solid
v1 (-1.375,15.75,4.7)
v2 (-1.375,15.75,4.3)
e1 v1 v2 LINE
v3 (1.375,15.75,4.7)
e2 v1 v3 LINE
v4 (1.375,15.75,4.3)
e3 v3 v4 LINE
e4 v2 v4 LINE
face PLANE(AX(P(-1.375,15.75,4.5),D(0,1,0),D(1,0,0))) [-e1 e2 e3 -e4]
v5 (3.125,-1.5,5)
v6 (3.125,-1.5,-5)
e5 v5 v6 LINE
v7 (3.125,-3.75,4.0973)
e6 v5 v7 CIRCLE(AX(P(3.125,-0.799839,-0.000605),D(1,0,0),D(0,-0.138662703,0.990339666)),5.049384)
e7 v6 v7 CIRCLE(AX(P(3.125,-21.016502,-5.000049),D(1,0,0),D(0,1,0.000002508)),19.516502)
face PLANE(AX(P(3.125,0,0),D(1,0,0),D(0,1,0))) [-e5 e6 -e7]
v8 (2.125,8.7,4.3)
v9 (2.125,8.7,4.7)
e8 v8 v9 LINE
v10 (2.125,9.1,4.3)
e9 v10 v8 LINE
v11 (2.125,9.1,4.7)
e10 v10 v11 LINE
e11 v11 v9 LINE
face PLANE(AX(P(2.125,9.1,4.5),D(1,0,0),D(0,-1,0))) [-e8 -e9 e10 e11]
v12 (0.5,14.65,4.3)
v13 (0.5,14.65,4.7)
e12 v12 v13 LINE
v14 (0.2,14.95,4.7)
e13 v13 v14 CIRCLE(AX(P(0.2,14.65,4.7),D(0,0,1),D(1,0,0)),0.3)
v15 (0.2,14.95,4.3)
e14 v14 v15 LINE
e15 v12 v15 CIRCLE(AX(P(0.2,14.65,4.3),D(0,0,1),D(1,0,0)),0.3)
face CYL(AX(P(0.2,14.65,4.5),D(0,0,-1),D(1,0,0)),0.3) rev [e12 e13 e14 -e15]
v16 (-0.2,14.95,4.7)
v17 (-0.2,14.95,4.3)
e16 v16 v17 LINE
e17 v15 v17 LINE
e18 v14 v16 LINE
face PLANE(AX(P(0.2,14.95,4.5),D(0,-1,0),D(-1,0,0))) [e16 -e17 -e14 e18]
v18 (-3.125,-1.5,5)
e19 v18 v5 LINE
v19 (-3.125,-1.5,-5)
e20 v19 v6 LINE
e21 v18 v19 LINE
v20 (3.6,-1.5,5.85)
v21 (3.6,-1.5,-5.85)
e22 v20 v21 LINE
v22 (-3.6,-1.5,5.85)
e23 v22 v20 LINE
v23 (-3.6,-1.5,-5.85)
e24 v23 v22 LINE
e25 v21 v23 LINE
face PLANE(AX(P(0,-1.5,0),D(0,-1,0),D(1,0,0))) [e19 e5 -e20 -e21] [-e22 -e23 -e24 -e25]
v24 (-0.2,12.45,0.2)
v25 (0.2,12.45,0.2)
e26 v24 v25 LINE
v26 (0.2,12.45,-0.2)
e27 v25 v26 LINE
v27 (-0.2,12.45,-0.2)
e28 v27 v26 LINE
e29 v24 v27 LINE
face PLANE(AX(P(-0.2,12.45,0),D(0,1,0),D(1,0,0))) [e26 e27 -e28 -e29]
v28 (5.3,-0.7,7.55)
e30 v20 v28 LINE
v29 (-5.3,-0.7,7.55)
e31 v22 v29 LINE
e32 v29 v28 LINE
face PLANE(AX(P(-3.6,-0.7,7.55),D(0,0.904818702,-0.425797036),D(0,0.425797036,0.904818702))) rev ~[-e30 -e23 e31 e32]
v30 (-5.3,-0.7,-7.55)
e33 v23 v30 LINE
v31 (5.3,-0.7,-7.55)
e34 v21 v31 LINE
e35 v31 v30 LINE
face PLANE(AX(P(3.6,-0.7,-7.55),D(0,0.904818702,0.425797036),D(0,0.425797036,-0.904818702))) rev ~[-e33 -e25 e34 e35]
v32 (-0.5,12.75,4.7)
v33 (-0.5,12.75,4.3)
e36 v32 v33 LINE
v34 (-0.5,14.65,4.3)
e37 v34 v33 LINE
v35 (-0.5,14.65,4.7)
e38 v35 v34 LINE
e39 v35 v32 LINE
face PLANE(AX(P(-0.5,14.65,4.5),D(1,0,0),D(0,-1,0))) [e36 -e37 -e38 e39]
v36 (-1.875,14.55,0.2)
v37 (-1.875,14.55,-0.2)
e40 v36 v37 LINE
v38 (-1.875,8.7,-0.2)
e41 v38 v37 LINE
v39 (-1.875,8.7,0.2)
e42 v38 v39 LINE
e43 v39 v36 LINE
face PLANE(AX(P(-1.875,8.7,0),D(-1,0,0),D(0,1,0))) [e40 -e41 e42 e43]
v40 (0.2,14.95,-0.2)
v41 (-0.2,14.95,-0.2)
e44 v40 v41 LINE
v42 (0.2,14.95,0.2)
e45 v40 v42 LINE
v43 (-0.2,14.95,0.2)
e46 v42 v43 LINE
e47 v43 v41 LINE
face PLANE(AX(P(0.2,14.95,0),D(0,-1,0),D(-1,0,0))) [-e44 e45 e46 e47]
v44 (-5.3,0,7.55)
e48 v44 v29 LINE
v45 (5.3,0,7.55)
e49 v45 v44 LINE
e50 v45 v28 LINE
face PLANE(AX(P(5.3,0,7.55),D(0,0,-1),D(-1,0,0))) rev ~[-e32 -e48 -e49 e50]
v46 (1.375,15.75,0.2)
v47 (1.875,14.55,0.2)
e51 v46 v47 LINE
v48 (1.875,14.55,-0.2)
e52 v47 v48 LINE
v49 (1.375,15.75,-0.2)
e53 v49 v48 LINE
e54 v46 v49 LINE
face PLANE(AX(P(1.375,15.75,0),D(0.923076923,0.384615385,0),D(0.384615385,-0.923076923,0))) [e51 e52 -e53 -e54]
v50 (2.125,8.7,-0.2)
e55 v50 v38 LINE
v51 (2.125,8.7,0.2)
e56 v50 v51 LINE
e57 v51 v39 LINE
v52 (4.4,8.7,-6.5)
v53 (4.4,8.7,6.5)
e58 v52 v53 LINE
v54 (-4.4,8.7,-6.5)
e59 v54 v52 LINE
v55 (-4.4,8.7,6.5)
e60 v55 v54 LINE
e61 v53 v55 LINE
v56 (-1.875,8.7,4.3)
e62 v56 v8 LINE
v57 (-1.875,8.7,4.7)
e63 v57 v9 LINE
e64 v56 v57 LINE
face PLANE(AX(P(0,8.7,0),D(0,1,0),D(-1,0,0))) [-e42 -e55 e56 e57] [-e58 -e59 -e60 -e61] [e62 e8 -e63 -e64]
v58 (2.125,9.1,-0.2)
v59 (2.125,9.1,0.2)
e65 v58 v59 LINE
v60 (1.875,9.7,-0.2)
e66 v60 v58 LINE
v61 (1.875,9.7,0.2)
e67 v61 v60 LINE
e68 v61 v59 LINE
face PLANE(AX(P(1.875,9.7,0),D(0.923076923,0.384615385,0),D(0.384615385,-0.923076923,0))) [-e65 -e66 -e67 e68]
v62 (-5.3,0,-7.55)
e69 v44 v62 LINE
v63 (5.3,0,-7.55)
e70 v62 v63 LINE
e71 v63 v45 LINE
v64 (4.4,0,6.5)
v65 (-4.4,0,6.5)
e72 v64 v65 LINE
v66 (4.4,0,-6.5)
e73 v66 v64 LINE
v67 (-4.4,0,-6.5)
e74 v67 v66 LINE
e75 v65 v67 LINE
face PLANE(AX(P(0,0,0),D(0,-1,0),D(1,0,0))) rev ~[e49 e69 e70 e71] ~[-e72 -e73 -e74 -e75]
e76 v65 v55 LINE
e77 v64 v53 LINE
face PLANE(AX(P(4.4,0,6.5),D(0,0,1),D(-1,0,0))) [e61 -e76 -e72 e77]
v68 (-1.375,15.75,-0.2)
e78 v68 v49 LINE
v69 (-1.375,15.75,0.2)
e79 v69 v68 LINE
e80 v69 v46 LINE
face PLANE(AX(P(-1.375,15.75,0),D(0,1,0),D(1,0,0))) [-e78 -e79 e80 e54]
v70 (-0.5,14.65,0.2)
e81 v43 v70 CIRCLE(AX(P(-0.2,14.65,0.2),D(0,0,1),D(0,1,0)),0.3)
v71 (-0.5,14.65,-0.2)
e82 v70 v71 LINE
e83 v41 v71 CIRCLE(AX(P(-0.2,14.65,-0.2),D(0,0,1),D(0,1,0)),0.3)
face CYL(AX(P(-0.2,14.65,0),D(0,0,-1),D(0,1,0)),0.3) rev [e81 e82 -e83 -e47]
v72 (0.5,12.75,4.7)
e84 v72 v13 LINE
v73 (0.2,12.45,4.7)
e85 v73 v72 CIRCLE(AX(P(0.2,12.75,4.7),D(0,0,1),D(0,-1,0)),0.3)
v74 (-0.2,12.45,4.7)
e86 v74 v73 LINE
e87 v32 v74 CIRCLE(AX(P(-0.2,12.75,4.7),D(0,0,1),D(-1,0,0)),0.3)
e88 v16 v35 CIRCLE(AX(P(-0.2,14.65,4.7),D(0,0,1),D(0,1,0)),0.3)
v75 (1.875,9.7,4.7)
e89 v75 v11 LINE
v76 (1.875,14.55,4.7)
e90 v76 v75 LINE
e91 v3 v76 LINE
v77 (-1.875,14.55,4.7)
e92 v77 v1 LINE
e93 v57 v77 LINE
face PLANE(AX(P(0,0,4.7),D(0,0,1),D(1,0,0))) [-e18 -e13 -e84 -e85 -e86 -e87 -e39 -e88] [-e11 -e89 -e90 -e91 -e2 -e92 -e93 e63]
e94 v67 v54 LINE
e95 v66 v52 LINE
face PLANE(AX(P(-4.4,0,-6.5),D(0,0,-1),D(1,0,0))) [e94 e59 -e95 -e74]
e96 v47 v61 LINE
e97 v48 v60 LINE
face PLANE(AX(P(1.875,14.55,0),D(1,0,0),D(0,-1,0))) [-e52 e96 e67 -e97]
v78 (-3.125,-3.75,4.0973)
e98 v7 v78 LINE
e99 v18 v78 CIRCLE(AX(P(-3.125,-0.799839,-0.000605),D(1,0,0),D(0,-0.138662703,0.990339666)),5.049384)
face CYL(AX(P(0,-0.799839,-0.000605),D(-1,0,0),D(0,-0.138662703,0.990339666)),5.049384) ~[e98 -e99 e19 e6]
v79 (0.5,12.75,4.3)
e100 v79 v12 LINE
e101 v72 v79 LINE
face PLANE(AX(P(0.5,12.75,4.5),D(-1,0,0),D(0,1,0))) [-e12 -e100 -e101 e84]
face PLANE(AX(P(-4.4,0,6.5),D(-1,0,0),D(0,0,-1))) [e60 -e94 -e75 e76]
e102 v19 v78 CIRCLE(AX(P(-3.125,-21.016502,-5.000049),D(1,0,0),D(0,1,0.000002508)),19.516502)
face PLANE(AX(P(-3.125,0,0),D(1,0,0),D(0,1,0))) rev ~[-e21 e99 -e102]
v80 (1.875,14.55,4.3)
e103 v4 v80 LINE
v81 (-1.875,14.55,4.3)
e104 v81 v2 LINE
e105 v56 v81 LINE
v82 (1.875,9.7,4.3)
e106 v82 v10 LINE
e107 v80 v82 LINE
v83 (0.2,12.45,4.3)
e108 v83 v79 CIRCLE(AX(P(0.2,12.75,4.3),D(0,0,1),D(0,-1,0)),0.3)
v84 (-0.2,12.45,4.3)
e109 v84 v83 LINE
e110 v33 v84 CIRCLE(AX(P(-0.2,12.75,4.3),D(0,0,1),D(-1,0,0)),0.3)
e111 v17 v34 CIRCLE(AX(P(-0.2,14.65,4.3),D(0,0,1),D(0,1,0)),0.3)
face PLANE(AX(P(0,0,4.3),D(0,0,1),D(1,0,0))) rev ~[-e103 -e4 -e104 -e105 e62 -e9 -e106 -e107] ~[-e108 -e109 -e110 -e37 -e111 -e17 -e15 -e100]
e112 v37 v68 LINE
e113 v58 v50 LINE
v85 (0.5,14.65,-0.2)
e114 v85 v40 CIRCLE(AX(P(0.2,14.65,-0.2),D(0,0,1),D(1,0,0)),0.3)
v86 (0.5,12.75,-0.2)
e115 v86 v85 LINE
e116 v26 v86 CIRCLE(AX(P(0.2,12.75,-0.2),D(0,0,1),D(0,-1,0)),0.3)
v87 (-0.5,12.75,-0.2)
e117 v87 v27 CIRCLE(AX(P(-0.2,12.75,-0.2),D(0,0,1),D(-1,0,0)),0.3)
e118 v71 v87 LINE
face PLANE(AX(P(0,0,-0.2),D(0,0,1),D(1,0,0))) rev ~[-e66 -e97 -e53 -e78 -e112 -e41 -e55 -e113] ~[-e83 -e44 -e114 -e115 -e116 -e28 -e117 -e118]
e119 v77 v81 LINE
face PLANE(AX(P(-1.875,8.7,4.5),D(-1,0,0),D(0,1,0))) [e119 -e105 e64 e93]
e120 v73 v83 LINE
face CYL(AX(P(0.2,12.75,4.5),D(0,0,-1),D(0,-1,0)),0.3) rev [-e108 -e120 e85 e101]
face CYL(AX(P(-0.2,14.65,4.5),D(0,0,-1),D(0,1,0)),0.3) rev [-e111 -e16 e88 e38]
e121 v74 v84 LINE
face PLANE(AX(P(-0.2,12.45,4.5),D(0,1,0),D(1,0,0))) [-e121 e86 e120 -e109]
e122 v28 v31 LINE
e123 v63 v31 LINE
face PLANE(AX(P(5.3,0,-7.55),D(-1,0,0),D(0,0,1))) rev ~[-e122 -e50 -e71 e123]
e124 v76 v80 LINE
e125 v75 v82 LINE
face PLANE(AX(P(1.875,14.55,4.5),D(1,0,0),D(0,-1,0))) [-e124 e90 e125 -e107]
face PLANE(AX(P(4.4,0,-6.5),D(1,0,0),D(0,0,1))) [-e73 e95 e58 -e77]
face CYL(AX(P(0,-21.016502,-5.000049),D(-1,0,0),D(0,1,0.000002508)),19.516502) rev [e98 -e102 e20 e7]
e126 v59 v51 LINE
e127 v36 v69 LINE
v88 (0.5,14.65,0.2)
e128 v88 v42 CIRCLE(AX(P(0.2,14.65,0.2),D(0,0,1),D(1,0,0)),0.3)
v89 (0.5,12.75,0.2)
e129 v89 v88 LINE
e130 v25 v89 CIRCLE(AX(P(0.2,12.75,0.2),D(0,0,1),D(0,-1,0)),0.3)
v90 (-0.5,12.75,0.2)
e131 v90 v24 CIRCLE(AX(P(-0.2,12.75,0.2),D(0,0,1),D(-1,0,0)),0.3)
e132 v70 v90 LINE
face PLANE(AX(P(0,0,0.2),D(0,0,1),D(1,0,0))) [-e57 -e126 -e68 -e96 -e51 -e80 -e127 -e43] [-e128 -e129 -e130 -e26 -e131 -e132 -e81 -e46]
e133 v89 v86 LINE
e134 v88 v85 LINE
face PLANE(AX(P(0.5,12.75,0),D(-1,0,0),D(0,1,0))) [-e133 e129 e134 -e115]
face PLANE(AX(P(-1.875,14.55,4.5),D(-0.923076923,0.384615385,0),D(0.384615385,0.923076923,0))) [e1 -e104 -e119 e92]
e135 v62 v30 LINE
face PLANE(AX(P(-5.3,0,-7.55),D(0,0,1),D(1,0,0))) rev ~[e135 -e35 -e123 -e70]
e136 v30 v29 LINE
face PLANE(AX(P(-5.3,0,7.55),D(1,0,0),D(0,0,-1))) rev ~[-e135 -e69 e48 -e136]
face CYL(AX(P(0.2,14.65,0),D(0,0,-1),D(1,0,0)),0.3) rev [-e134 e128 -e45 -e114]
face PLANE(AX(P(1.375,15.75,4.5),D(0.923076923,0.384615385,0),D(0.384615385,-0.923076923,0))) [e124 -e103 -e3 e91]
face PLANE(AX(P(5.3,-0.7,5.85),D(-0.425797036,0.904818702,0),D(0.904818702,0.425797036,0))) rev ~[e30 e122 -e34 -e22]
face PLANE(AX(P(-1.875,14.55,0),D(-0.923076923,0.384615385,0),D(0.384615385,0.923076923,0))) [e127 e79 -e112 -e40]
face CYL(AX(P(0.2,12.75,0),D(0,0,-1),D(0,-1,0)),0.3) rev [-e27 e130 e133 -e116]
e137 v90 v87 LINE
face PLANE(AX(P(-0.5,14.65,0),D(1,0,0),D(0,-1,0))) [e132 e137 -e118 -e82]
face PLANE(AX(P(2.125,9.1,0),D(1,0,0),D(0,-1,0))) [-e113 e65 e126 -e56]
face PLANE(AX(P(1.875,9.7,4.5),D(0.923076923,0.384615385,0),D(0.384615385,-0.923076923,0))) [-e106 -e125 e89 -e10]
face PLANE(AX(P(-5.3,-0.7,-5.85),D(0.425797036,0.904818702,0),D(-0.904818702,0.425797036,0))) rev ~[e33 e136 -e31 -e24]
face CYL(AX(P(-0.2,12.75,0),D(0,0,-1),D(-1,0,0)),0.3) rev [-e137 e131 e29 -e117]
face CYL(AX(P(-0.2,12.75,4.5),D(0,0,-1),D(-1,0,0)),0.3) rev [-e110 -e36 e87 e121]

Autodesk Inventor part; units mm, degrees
ref_plane "YZ Plane" through (0, 0, 0) normal (1, 0, 0) x (0, 1, 0)
ref_plane "XZ Plane" through (0, 0, 0) normal (0, 1, 0) x (-1, 0, 0)
sketch "スケッチ1" plane through (0, 0, 0) normal (0, 1, 0) x (-1, 0, 0)
  line L0 (4.4, -6.5) -> (-4.4, -6.5)
  line L1 (-4.4, -6.5) -> (-4.4, 6.5)
  line L2 (-4.4, 6.5) -> (4.4, 6.5)
  line L3 (4.4, 6.5) -> (4.4, -6.5)
  line L4 (-4.4, 0) -> (0, 0) construction
  line L5 (0, 0) -> (0, -6.5) construction
  dimension "d0" = 13
  dimension "d1" = 8.8
extrude "押し出し1" add sketch "スケッチ1" along normal blind 8.7
sketch "スケッチ2" plane through (0, 0, 0) normal (0, -1, 0) x (1, 0, 0)
  line L0 (5.3, 7.55) -> (-5.3, 7.55)
  line L1 (-5.3, 7.55) -> (-5.3, -7.55)
  line L2 (-5.3, -7.55) -> (5.3, -7.55)
  line L3 (5.3, -7.55) -> (5.3, 7.55)
  line L4 (5.3, 0) -> (0, 0) construction
  line L5 (0, 0) -> (0, -7.55) construction
  dimension "d4" = 15.1
  dimension "d5" = 10.6
extrude "押し出し2" add sketch "スケッチ2" along normal blind 1.5
sketch "スケッチ3" plane through (0, 0, 0) normal (0, 0, 1) x (1, 0, 0)
  line L0 (5.3, -1.5) -> (-5.3, -1.5) construction
  line L1 (-5.3, -1.5) -> (-5.3, -0.7)
  line L2 (-5.3, 0) -> (-5.3, -1.5) construction
  line L3 (-5.3, -0.7) -> (-3.6, -1.5)
  line L4 (-3.6, -1.5) -> (-5.3, -1.5)
  point P0 (0, 0)
  dimension "d8" = 1.7
  dimension "d9" = 0.8
sketch "スケッチ4" plane through (0, -1.5, 0) normal (0, -1, 0) x (1, 0, 0)
  line L0 (5.3, 7.55) -> (-5.3, 7.55) construction
  line L1 (-5.3, 7.55) -> (-5.3, -7.55) construction
  line L2 (-5.3, -7.55) -> (5.3, -7.55) construction
  line L3 (5.3, -7.55) -> (5.3, 7.55) construction
  line L4 (-3.6, 5.85) -> (3.6, 5.85)
  line L5 (3.6, 5.85) -> (3.6, -5.85)
  line L6 (3.6, -5.85) -> (-3.6, -5.85)
  line L7 (-3.6, -5.85) -> (-3.6, 5.85)
  point P0 (0, 0)
  dimension "d10" = 1.7
sweep "スイープ1" cut profiles "スケッチ3" path "スケッチ4"
sketch "スケッチ5" plane through (0, 0, 0) normal (1, 0, 0) x (0, 1, 0)
  line L0 (-1.5, 5.85) -> (-1.5, -5.85) construction
  arc A0 (-1.5, -5) -> (-3.75, 4.0973) centre (-21.0161, -5) ccw
  line L1 (-1.5, 5) -> (-1.5, -5)
  line L2 (-21.0161, -5) -> (-1.5, -5) construction
  arc A1 (-1.5, 5) -> (-3.75, 4.0973) centre (-0.8, 0) ccw
  line L3 (-0.8, 0) -> (0, 0) construction
  dimension "d16" = 2.25
  dimension "d17" = 0.8
  dimension "d18" = 10
extrude "押し出し3" add sketch "スケッチ5" along normal mid plane 6.25
sketch "スケッチ6" plane through (0, 0, 0) normal (0, 0, 1) x (1, 0, 0)
  line L0 (4.4, 8.7) -> (-4.4, 8.7) construction
  line L1 (0, 8.7) -> (0, 12.8003) construction
  line L2 (-1.875, 8.7) -> (-1.875, 14.55)
  line L3 (-1.875, 14.55) -> (-1.375, 15.75)
  line L4 (-1.375, 15.75) -> (1.375, 15.75)
  line L5 (1.375, 15.75) -> (1.875, 14.55)
  line L6 (1.875, 14.55) -> (1.875, 9.7)
  line L7 (1.875, 9.7) -> (2.125, 9.1)
  line L8 (2.125, 9.1) -> (2.125, 8.7)
  line L9 (2.125, 8.7) -> (-1.875, 8.7)
  line L10 (1.875, 14.55) -> (-1.875, 14.55) construction
  line L11 (0.2, 14.95) -> (-0.2, 14.95)
  line L12 (-0.5, 14.65) -> (-0.5, 12.75)
  line L13 (-0.2, 12.45) -> (0.2, 12.45)
  line L14 (0.5, 12.75) -> (0.5, 14.65)
  arc A0 (0.5, 14.65) -> (0.2, 14.95) centre (0.2, 14.65) ccw
  arc A1 (-0.2, 14.95) -> (-0.5, 14.65) centre (-0.2, 14.65) ccw
  arc A2 (-0.5, 12.75) -> (-0.2, 12.45) centre (-0.2, 12.75) ccw
  arc A3 (0.2, 12.45) -> (0.5, 12.75) centre (0.2, 12.75) ccw
  point P0 (0, 0)
  dimension "d21" = 3.75
  dimension "d22" = 2.75
  dimension "d23" = 1.2
  dimension "d24" = 7.05
  dimension "d25" = 0.25
  dimension "d26" = 0.4
  dimension "d27" = 0.3
  dimension "d28" = 2.5
  dimension "d29" = 1
  dimension "d30" = 0.8
extrude "押し出し4" add sketch "スケッチ6" along normal mid plane 0.4
ref_plane "作業平面1" through (0, 0, 4.5) normal (0, 0, 1) x (1, 0, 0)
sketch "スケッチ7" plane through (0, 0, 4.5) normal (0, 0, 1) x (1, 0, 0)
  arc A0 (0.5, 14.65) -> (0.2, 14.95) centre (0.2, 14.65) ccw projected
  line L0 (0.2, 14.95) -> (-0.2, 14.95) projected
  arc A1 (-0.2, 14.95) -> (-0.5, 14.65) centre (-0.2, 14.65) ccw projected
  line L1 (-0.5, 14.65) -> (-0.5, 12.75) projected
  arc A2 (-0.5, 12.75) -> (-0.2, 12.45) centre (-0.2, 12.75) ccw projected
  line L2 (-0.2, 12.45) -> (0.2, 12.45) projected
  arc A3 (0.2, 12.45) -> (0.5, 12.75) centre (0.2, 12.75) ccw projected
  line L3 (0.5, 12.75) -> (0.5, 14.65) projected
  line L4 (-1.875, 8.7) -> (-1.875, 14.55) projected
  line L5 (-1.875, 14.55) -> (-1.375, 15.75) projected
  line L6 (-1.375, 15.75) -> (1.375, 15.75) projected
  line L7 (1.375, 15.75) -> (1.875, 14.55) projected
  line L8 (1.875, 14.55) -> (1.875, 9.7) projected
  line L9 (1.875, 9.7) -> (2.125, 9.1) projected
  line L10 (2.125, 9.1) -> (2.125, 8.7) projected
  line L11 (-1.875, 8.7) -> (2.125, 8.7) projected
  point P0 (0, 0)
extrude "押し出し5" add sketch "スケッチ7" along normal mid plane 0.4
properties part number "switch_6A"
